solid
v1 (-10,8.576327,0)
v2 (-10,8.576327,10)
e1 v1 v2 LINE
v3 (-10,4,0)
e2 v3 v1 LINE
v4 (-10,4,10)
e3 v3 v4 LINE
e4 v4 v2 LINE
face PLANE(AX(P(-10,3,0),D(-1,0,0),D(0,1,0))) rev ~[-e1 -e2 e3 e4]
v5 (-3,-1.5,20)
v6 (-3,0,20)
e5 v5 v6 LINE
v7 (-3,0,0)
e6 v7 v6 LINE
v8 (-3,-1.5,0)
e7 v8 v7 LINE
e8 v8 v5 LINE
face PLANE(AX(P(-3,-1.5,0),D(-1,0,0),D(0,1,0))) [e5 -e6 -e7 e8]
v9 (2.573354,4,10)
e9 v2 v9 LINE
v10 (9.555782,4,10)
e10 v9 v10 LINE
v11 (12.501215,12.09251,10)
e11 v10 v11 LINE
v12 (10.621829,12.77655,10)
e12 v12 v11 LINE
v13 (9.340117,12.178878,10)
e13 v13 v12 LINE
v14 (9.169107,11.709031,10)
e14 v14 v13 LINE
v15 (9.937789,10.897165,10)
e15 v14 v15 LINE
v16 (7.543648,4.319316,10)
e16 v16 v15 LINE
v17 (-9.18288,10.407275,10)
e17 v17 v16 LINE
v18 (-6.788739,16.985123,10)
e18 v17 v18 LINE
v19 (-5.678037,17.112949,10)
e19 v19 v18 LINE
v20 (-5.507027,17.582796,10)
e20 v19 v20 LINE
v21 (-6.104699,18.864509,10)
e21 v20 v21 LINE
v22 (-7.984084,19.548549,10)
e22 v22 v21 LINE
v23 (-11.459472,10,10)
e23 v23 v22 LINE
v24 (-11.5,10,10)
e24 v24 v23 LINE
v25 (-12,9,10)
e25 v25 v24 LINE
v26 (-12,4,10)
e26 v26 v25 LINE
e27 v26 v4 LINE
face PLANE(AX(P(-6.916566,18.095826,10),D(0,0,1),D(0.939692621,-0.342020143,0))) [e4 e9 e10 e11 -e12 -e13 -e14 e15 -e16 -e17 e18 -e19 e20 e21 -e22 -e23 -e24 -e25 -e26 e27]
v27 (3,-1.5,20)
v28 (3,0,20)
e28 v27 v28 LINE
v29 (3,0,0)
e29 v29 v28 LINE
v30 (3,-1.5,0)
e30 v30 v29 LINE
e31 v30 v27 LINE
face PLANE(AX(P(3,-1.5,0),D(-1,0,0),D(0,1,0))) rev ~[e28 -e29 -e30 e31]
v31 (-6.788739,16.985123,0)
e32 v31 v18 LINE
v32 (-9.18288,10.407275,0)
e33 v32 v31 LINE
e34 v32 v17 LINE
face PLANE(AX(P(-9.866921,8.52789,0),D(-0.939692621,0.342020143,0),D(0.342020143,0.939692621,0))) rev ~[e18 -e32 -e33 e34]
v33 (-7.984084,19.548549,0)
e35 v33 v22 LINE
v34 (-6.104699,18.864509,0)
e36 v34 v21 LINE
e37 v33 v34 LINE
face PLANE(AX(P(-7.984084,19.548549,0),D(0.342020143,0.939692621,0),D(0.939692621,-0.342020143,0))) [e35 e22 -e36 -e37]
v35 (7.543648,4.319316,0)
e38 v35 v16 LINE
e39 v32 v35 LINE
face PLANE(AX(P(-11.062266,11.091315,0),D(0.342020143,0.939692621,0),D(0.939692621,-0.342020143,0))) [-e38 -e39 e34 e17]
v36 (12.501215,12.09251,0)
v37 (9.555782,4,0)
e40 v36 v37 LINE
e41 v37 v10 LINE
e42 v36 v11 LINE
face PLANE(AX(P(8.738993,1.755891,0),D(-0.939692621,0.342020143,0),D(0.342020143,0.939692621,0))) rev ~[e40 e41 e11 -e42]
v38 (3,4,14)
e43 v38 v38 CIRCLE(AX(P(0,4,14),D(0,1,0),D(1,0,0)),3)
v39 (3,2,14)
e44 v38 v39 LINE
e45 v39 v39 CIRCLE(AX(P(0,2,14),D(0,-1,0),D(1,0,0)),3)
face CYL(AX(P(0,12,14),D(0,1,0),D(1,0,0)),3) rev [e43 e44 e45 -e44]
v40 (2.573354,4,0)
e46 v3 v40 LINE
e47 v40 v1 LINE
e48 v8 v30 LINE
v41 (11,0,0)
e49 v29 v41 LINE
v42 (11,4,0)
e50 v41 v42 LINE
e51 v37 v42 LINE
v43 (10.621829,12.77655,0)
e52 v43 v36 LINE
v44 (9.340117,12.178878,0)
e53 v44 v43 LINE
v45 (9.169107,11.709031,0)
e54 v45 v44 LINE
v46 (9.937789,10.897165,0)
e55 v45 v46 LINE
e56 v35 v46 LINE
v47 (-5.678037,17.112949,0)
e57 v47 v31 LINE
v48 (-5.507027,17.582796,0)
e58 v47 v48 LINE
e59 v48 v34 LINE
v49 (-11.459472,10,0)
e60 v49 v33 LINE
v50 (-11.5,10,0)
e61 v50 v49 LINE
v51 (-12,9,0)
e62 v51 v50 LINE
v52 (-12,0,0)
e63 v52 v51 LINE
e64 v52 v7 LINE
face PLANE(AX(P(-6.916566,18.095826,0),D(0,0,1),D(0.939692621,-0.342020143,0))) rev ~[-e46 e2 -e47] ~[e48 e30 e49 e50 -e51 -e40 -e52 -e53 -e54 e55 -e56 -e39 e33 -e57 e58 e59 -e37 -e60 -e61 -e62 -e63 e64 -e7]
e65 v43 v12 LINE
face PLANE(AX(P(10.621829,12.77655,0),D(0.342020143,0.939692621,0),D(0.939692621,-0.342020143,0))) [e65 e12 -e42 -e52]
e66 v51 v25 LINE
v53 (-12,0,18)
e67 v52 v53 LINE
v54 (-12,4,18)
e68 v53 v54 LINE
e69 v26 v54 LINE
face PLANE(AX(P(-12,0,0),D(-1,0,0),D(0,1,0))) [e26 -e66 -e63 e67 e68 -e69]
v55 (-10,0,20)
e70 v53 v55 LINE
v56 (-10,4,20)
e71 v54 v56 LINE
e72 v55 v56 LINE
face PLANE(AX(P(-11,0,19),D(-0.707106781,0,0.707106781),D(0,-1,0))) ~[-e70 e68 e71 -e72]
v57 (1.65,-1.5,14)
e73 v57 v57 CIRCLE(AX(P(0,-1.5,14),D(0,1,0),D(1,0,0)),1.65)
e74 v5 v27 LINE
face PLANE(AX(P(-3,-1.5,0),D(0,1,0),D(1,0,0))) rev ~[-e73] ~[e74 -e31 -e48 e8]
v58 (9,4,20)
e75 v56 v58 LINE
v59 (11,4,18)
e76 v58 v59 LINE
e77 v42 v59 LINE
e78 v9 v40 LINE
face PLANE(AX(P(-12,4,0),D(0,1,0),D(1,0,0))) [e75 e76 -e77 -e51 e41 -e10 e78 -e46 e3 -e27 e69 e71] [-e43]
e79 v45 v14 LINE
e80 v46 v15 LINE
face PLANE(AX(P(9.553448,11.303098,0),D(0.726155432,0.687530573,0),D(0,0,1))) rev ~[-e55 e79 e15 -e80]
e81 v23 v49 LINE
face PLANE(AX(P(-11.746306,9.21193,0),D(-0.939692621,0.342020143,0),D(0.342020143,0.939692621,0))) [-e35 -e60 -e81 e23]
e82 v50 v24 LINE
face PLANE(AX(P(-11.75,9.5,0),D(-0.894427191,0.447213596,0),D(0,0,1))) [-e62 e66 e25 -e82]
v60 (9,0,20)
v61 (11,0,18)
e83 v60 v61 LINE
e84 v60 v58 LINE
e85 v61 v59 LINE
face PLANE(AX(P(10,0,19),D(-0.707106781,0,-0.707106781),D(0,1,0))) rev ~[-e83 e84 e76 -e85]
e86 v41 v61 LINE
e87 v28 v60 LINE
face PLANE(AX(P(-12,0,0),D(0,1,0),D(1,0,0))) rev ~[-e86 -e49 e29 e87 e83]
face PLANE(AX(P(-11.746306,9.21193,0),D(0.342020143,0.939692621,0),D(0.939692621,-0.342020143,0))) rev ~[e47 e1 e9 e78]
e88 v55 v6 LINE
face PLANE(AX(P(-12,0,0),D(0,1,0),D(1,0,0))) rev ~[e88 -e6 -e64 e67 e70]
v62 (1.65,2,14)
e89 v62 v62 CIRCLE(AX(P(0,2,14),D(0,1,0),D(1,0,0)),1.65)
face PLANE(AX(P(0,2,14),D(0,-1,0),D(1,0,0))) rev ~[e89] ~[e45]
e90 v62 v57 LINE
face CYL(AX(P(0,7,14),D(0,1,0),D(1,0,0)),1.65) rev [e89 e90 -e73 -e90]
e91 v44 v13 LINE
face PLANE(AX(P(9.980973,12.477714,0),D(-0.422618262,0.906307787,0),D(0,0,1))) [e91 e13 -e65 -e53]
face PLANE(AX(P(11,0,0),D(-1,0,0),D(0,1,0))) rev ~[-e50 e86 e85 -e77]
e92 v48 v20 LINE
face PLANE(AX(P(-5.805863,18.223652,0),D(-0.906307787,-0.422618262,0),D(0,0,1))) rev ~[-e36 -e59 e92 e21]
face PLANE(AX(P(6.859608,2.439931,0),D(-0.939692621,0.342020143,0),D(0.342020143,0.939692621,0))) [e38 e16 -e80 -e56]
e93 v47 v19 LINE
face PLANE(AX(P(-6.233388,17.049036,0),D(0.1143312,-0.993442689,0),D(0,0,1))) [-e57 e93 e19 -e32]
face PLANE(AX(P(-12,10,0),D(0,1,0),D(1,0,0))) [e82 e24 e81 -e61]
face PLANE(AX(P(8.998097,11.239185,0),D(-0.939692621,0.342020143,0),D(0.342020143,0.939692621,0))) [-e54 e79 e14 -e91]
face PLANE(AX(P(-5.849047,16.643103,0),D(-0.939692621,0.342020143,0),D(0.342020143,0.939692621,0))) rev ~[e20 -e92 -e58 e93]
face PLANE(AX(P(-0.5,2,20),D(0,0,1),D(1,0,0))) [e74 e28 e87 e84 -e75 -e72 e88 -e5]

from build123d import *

# Parameters (mm, degrees)
BOX064_W                    = 3
BOX064_H                    = 2
BOX064_DEPTH                = 10
CHAMFER022010017_SIZE2      = 1
CHAMFER022010017_SIZE       = 0.5
CHAMFER022010019_SIZE       = 1
BOX062_W                    = 2
BOX062_H                    = 11
BOX062_DEPTH                = 10
BOX063_W                    = 3
BOX063_H                    = 2
BOX063_DEPTH                = 10
CHAMFER022010016_SIZE2      = 1
CHAMFER022010016_SIZE       = 0.5
CHAMFER022010018_SIZE       = 1
BOX061_W                    = 2
BOX061_H                    = 11
BOX061_DEPTH                = 10
BOX060_W                    = 21.8
BOX060_H                    = 2
BOX060_DEPTH                = 10
FUSION038_PLACEMENT_ANGLE   = 20
BOX067_W                    = 2
BOX067_H                    = 7
BOX067_DEPTH                = 10
CHAMFER022010021_SIZE2      = 0.5
CHAMFER022010021_SIZE       = 1
CYLINDER032_R               = 1.65
CYLINDER032_DEPTH           = 10
CYLINDER031_R               = 3
CYLINDER031_DEPTH           = 10
BOX065_W                    = 23
BOX065_H                    = 4
BOX065_DEPTH                = 20
CHAMFER022010022011004_SIZE = 2
BOX066_W                    = 6
BOX066_H                    = 1.5
BOX066_DEPTH                = 20


with BuildPart() as chamfer022010019:
    # Box064 → Box064 (new body)
    with BuildSketch(Plane(origin=(19, 9, 0), x_dir=(1, 0, 0), z_dir=(0, 0, 1))):
        with Locations((1.5, 1)):
            Rectangle(BOX064_W, BOX064_H)
    extrude(amount=BOX064_DEPTH)

    # Chamfer022010017
    chamfer022010017_edges = [chamfer022010019.edges().sort_by_distance(p)[0] for p in [
        (19, 9, 5),
    ]]
    chamfer022010017_side = chamfer022010019.faces().sort_by_distance((19, 10, 5))[0]
    chamfer(chamfer022010017_edges, length=CHAMFER022010017_SIZE, length2=CHAMFER022010017_SIZE2, reference=chamfer022010017_side)

    # Chamfer022010019
    chamfer022010019_edges = [chamfer022010019.edges().sort_by_distance(p)[0] for p in [
        (19, 11, 5),
    ]]
    chamfer(chamfer022010019_edges, length=CHAMFER022010019_SIZE)


with BuildPart() as fusion034:
    # Box062 → Box062 (new body)
    with BuildSketch(Plane(origin=(20, 0, 0), x_dir=(1, 0, 0), z_dir=(0, 0, 1))):
        with Locations((1, 5.5)):
            Rectangle(BOX062_W, BOX062_H)
    extrude(amount=BOX062_DEPTH)

    # Fusion034: union Chamfer022010019
    add(chamfer022010019.part)


with BuildPart() as fusion034_1:
    # Fusion034 placement: moved
    add(fusion034.part.moved(Location((-0.2, 0, 0))))


with BuildPart() as chamfer022010018:
    # Box063 → Box063 (new body)
    with BuildSketch(Plane(origin=(0, 9, 0), x_dir=(1, 0, 0), z_dir=(0, 0, 1))):
        with Locations((1.5, 1)):
            Rectangle(BOX063_W, BOX063_H)
    extrude(amount=BOX063_DEPTH)

    # Chamfer022010016
    chamfer022010016_edges = [chamfer022010018.edges().sort_by_distance(p)[0] for p in [
        (3, 9, 5),
    ]]
    chamfer022010016_side = chamfer022010018.faces().sort_by_distance((3, 10, 5))[0]
    chamfer(chamfer022010016_edges, length=CHAMFER022010016_SIZE, length2=CHAMFER022010016_SIZE2, reference=chamfer022010016_side)

    # Chamfer022010018
    chamfer022010018_edges = [chamfer022010018.edges().sort_by_distance(p)[0] for p in [
        (3, 11, 5),
    ]]
    chamfer(chamfer022010018_edges, length=CHAMFER022010018_SIZE)


with BuildPart() as fusion035:
    # Box061 → Box061 (new body)
    with BuildSketch(Plane.XY):
        with Locations((1, 5.5)):
            Rectangle(BOX061_W, BOX061_H)
    extrude(amount=BOX061_DEPTH)

    # Fusion035: union Chamfer022010018
    add(chamfer022010018.part)


with BuildPart() as fusion038:
    # Box060 → Box060 (new body)
    with BuildSketch(Plane.XY):
        with Locations((10.9, 1)):
            Rectangle(BOX060_W, BOX060_H)
    extrude(amount=BOX060_DEPTH)

    # Fusion038: union Fusion034, Fusion035
    add(fusion034_1.part)
    add(fusion035.part)


with BuildPart() as fusion038_1:
    # Fusion038 placement: moved
    add(fusion038.part.moved(Location((-11.746306, 9.21193, 0))).rotate(Axis((-11.746306, 9.21193, 0), (0, 0, -1)), FUSION038_PLACEMENT_ANGLE))


with BuildPart() as chamfer022010021:
    # Box067 → Box067 (new body)
    with BuildSketch(Plane(origin=(-12, 3, 0), x_dir=(1, 0, 0), z_dir=(0, 0, 1))):
        with Locations((1, 3.5)):
            Rectangle(BOX067_W, BOX067_H)
    extrude(amount=BOX067_DEPTH)

    # Chamfer022010021
    chamfer022010021_edges = [chamfer022010021.edges().sort_by_distance(p)[0] for p in [
        (-12, 10, 5),
    ]]
    chamfer022010021_side = chamfer022010021.faces().sort_by_distance((-12, 6.5, 5))[0]
    chamfer(chamfer022010021_edges, length=CHAMFER022010021_SIZE, length2=CHAMFER022010021_SIZE2, reference=chamfer022010021_side)


with BuildPart() as cylinder032:
    # Cylinder032 → Cylinder032 (new body)
    with BuildSketch(Plane(origin=(0, 7, 14), x_dir=(1, 0, 0), z_dir=(0, -1, 0))):
        Circle(CYLINDER032_R)
    extrude(amount=CYLINDER032_DEPTH)


with BuildPart() as cylinder031:
    # Cylinder031 → Cylinder031 (new body)
    with BuildSketch(Plane(origin=(0, 12, 14), x_dir=(1, 0, 0), z_dir=(0, -1, 0))):
        Circle(CYLINDER031_R)
    extrude(amount=CYLINDER031_DEPTH)


with BuildPart() as chamfer022010022011004:
    # Box065 → Box065 (new body)
    with BuildSketch(Plane(origin=(-12, 0, 0), x_dir=(1, 0, 0), z_dir=(0, 0, 1))):
        with Locations((11.5, 2)):
            Rectangle(BOX065_W, BOX065_H)
    extrude(amount=BOX065_DEPTH)

    # Cut024006004012005012: cut Cylinder031
    add(cylinder031.part, mode=Mode.SUBTRACT)

    # Chamfer022010022011004
    chamfer022010022011004_edges = [chamfer022010022011004.edges().sort_by_distance(p)[0] for p in [
        (-12, 2, 20),
        (11, 2, 20),
    ]]
    chamfer(chamfer022010022011004_edges, length=CHAMFER022010022011004_SIZE)


with BuildPart() as led_mount_m3:
    # Box066 → Box066 (new body)
    with BuildSketch(Plane(origin=(-3, -1.5, 0), x_dir=(1, 0, 0), z_dir=(0, 0, 1))):
        with Locations((3, 0.75)):
            Rectangle(BOX066_W, BOX066_H)
    extrude(amount=BOX066_DEPTH)

    # Fusion053: union Chamfer022010022011004
    add(chamfer022010022011004.part)

    # Cut024006004012005013: cut Cylinder032
    add(cylinder032.part, mode=Mode.SUBTRACT)

    # Fusion054: union Fusion038, Chamfer022010021
    add(fusion038_1.part)
    add(chamfer022010021.part)


solid = led_mount_m3.part
